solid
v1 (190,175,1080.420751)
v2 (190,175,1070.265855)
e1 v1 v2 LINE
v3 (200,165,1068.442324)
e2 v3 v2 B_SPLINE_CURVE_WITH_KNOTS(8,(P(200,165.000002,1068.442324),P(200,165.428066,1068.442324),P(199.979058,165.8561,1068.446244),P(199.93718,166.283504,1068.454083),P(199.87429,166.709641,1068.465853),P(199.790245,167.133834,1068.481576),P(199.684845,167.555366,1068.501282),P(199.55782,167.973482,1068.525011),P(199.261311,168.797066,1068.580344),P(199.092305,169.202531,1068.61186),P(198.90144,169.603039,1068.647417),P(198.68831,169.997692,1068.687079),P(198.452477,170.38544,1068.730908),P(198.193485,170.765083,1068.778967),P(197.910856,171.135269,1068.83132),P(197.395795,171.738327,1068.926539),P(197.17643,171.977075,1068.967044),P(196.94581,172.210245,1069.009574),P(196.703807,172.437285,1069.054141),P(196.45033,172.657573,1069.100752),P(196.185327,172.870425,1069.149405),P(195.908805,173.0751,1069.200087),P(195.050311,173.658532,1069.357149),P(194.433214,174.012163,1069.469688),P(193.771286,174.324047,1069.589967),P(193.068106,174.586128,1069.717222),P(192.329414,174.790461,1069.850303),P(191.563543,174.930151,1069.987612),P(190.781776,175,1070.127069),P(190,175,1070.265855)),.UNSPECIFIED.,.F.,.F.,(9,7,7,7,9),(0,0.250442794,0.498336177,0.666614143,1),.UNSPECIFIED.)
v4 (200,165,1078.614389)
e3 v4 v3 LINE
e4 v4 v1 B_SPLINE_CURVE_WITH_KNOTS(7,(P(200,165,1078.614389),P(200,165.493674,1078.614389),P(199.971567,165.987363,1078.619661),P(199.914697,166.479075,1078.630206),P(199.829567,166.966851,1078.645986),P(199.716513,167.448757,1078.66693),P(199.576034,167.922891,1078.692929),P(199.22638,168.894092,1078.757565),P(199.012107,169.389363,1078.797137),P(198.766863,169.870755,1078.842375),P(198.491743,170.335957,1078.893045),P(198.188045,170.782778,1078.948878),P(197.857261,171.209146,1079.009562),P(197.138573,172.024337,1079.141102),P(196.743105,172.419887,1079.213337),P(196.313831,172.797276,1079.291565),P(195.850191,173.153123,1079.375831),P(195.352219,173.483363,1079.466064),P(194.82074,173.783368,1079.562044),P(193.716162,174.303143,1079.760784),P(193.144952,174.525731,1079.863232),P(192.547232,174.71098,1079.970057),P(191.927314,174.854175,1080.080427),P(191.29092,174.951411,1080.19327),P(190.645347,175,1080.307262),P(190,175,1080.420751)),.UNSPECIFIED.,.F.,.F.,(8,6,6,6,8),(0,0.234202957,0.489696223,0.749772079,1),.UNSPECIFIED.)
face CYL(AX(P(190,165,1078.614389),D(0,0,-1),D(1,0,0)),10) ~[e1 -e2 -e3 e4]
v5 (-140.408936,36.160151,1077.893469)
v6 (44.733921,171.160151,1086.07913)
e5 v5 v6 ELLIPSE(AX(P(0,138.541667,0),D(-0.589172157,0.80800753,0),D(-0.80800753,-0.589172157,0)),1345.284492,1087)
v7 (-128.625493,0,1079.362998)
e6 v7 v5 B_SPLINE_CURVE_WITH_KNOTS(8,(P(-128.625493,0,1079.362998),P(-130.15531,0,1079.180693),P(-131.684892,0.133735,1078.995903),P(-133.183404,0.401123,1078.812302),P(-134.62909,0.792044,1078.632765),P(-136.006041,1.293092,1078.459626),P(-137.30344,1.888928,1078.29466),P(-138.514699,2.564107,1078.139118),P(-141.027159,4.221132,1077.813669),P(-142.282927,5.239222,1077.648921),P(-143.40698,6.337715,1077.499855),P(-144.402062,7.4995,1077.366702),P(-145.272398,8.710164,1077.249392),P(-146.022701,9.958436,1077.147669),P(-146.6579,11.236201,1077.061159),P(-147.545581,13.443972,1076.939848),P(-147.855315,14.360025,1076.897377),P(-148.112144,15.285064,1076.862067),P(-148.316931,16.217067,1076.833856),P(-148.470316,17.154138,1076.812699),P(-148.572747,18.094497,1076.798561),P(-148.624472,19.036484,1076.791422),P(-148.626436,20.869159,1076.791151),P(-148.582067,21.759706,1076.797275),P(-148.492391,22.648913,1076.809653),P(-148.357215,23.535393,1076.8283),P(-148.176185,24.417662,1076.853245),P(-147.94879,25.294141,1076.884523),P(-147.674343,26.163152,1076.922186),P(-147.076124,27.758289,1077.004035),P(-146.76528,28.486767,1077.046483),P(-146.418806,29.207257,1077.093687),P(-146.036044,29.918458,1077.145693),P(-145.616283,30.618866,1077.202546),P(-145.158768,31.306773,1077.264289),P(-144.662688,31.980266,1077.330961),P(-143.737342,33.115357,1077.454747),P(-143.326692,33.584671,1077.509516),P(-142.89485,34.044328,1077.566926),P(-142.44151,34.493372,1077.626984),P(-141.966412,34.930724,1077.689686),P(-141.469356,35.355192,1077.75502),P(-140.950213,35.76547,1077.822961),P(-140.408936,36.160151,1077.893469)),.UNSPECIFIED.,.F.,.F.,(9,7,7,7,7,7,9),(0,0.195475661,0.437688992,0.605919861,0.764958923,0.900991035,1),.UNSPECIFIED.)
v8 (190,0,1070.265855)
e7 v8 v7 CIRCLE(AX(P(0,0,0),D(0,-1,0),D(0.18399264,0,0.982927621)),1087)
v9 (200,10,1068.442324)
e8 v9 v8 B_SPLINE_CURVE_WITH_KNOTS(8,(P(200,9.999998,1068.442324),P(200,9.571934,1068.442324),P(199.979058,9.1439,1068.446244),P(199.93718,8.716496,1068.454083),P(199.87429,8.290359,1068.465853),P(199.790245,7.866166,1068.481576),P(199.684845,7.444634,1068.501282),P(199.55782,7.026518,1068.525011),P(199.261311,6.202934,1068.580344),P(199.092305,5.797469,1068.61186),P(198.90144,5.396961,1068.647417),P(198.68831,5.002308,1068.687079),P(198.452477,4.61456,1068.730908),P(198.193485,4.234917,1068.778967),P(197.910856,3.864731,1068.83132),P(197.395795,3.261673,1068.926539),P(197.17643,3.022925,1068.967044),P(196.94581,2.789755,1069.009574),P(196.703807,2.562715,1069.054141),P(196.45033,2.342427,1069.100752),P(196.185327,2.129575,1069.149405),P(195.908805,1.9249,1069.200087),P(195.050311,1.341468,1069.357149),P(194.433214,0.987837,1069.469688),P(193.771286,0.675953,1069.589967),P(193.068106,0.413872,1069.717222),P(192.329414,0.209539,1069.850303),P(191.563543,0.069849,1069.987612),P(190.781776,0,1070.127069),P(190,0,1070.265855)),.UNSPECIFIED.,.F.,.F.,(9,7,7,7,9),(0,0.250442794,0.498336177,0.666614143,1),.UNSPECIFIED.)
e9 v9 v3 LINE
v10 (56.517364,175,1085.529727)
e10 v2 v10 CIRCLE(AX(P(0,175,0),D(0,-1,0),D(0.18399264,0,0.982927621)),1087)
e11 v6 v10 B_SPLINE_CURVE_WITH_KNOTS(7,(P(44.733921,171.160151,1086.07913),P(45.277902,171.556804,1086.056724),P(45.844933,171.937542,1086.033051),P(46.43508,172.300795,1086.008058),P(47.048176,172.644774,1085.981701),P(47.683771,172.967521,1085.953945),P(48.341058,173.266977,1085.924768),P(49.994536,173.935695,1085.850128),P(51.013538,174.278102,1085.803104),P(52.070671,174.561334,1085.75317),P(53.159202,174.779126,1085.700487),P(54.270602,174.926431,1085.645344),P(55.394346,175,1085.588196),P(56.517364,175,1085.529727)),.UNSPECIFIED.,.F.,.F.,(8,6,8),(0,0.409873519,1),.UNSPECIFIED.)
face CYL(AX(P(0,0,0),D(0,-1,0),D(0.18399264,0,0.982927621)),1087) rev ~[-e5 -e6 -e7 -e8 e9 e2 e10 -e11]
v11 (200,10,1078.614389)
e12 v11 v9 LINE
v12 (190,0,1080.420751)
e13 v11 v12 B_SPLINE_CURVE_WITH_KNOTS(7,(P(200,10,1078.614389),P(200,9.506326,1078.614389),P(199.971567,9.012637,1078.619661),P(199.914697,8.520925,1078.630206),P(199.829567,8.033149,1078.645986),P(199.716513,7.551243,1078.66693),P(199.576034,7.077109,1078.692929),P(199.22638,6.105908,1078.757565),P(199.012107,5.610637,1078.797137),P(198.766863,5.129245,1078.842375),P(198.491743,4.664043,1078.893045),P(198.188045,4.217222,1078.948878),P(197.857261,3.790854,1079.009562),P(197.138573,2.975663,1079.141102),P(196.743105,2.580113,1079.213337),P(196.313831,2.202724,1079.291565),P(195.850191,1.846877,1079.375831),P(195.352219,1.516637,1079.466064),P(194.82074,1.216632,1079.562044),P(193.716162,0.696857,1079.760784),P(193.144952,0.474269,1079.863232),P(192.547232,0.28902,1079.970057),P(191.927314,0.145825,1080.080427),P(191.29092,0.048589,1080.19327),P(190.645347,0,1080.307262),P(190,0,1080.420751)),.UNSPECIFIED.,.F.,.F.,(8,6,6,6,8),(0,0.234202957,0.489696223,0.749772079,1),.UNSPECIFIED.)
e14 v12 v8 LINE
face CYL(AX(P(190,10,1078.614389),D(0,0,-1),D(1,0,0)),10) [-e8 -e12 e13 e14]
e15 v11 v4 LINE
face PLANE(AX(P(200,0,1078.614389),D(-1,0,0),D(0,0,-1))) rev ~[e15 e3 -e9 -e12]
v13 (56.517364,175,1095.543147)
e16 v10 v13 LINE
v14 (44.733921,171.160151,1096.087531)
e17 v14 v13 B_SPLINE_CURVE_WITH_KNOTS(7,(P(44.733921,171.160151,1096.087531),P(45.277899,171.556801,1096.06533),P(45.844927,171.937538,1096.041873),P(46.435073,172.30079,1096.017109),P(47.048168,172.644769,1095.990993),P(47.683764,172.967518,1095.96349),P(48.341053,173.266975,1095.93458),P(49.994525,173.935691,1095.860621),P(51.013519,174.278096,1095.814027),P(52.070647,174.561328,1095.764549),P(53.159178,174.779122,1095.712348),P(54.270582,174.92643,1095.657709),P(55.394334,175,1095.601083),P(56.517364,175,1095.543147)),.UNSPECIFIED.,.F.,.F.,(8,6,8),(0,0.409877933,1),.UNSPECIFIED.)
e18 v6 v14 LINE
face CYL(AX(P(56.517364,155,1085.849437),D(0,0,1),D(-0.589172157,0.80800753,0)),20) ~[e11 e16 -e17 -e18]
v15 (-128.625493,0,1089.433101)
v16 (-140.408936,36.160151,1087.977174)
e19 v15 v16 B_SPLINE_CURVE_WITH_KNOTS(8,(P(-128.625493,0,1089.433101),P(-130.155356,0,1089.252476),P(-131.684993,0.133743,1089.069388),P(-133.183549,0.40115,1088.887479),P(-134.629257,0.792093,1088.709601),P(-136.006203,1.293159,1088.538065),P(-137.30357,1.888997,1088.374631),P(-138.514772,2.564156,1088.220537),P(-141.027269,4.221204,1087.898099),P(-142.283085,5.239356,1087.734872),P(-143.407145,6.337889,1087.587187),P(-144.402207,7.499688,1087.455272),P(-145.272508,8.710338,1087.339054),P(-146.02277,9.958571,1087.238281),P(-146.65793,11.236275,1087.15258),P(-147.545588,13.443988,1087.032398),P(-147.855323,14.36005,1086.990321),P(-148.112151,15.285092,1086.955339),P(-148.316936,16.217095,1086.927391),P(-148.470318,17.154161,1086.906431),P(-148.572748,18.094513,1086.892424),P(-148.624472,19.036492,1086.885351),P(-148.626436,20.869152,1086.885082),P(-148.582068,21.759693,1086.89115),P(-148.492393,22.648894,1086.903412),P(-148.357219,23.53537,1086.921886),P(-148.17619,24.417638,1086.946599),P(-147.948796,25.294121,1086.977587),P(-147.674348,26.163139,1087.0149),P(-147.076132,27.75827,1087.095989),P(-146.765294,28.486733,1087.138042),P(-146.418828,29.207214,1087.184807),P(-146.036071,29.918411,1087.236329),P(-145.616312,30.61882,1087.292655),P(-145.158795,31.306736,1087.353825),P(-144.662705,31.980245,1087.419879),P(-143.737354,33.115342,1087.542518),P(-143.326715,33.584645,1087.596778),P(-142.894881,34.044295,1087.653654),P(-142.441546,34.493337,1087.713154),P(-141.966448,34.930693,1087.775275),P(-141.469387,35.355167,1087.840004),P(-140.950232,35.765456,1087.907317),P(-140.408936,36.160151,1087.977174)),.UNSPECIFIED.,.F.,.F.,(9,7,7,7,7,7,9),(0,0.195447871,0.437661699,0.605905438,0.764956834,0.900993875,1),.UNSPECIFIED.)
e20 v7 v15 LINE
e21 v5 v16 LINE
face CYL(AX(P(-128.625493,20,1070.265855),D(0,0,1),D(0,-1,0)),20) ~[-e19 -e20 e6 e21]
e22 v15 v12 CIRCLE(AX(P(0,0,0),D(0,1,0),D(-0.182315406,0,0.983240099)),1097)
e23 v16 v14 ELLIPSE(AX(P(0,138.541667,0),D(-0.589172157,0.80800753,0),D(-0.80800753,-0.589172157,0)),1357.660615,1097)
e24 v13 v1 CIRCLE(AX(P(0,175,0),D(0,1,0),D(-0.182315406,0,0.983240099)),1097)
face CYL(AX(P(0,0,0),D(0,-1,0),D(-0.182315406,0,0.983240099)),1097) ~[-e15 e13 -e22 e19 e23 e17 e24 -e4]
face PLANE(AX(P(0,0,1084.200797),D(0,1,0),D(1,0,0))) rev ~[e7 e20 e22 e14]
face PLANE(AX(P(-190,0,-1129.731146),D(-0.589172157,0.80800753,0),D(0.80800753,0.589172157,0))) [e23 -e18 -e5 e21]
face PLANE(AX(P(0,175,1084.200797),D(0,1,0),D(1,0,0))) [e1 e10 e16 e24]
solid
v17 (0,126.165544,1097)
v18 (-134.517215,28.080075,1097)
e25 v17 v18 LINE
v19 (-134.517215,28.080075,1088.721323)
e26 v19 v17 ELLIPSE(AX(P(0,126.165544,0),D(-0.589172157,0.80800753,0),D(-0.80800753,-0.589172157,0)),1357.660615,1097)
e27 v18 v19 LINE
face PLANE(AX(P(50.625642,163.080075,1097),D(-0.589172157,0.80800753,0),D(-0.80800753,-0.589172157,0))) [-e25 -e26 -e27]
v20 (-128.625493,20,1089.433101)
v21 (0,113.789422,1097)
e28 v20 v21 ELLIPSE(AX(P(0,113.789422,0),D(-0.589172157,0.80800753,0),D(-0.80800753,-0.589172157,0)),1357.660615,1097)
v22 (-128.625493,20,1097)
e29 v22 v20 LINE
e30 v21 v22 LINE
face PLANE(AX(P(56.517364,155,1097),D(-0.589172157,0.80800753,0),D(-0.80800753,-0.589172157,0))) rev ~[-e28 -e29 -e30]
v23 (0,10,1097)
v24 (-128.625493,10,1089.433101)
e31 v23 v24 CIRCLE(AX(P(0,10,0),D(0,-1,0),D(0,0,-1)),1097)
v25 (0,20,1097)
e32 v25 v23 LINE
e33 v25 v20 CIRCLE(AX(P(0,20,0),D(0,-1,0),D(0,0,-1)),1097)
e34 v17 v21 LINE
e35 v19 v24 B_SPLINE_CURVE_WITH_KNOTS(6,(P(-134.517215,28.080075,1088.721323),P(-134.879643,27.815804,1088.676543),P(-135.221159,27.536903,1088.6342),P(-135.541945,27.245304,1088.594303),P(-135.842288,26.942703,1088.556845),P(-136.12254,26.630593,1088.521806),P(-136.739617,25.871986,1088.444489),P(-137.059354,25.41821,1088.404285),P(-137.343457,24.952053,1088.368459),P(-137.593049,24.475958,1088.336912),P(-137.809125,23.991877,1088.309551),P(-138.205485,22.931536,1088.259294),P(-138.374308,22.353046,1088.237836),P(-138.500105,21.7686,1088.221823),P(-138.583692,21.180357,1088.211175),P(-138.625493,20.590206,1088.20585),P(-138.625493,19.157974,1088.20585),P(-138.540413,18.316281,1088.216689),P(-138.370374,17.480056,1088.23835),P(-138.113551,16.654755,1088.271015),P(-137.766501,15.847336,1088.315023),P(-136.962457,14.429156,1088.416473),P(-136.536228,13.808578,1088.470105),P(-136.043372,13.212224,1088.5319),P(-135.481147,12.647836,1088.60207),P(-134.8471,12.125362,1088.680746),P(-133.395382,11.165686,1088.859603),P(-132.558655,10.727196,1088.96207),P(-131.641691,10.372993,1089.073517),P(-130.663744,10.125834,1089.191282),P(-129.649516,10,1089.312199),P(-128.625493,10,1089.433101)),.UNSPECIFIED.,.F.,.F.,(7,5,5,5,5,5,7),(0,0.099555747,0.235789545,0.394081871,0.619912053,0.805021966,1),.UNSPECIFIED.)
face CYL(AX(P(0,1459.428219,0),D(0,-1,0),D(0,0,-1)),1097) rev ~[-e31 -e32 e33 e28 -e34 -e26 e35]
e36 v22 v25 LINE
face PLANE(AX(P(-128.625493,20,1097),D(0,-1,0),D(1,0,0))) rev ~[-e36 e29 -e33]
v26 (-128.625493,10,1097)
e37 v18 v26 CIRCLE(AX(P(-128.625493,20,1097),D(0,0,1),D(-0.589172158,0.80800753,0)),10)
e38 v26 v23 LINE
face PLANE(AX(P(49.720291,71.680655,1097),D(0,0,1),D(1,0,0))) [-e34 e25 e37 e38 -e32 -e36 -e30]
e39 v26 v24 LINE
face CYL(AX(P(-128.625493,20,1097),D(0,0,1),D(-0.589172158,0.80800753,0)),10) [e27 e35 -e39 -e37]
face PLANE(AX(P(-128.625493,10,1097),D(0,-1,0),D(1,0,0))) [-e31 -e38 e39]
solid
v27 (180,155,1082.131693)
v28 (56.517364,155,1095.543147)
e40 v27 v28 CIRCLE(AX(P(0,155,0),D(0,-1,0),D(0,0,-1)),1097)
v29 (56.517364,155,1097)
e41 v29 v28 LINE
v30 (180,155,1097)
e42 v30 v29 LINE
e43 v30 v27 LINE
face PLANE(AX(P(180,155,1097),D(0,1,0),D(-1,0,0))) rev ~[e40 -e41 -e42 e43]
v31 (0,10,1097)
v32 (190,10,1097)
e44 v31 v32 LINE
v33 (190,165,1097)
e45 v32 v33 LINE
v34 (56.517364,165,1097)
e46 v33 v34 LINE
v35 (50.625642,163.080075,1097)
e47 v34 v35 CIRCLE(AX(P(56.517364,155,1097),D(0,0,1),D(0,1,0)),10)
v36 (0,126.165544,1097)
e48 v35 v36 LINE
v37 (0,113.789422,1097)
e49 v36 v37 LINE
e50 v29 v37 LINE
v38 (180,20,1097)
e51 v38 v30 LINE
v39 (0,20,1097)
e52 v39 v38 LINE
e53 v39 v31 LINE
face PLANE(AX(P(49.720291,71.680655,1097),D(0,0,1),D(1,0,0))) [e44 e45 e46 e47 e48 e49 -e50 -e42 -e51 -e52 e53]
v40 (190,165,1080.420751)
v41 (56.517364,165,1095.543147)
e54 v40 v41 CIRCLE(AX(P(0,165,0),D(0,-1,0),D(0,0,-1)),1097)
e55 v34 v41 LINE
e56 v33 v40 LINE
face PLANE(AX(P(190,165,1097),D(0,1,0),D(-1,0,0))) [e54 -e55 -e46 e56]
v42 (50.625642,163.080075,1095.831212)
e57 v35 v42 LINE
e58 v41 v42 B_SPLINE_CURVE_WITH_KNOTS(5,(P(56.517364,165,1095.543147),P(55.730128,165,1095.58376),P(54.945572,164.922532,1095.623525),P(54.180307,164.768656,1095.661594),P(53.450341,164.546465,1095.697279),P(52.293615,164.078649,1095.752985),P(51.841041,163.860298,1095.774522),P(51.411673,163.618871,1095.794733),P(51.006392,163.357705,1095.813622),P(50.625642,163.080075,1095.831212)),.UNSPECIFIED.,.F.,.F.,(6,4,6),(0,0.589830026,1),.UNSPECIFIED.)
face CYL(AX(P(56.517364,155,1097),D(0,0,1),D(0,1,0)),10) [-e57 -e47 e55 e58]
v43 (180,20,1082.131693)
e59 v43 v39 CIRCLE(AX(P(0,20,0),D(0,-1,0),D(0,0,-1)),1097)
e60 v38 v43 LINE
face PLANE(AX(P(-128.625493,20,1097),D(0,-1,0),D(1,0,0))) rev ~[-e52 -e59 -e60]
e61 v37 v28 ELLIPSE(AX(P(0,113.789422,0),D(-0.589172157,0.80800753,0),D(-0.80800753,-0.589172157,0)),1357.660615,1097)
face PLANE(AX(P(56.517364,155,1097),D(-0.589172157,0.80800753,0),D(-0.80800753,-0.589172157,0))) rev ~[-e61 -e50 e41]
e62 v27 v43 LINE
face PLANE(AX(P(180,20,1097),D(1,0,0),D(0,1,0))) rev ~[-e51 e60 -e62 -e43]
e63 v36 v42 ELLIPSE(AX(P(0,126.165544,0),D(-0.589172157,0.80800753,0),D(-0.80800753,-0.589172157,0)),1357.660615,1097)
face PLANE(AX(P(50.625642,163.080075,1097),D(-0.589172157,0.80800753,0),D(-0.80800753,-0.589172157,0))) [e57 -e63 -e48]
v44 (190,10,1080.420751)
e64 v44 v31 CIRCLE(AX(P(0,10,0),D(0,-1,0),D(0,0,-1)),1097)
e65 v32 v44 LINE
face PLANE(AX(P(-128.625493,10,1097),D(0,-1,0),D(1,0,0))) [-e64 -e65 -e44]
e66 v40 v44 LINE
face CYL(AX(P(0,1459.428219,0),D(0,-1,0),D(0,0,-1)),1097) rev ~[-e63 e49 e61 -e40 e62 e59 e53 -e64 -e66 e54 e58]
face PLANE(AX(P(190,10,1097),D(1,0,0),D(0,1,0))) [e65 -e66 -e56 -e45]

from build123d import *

# Parameters (mm, degrees)
BOSS_EXTRUDE1_DEPTH      = 175
FILLET1_R                = 10
CUT_EXTRUDE3_DEPTH       = 1129.731146152
CUT_EXTRUDE3_DEPTH_BACK  = 1129.731146152
SKETCH4_OUTSIDE_W        = 489.508
SKETCH4_OUTSIDE_H        = 264.508
FILLET4_R                = 20
BOSS_EXTRUDE3_REACH      = 269.284
BOSS_EXTRUDE3_END_RADIUS = 1097


with BuildPart() as part:
    # Sketch1 → Boss-Extrude1 (new body)
    with BuildSketch(Plane(origin=(0, 0, 0), x_dir=(1, 0, 0), z_dir=(0, 1, 0))):
        with BuildLine():
            Line((-200, -1068.442324134), (-200, -1078.614388927))
            ThreePointArc((-200, -1078.614388927), (0, -1097), (200, -1078.614388927))
            Line((200, -1078.614388927), (200, -1068.442324134))
            ThreePointArc((200, -1068.442324134), (0, -1087), (-200, -1068.442324134))
        make_face()
    extrude(amount=BOSS_EXTRUDE1_DEPTH)

    # Fillet1
    fillet1_edges = [part.edges().sort_by_distance(p)[0] for p in [
        (200, 175, 1073.52835653),
        (200, 0, 1073.52835653),
        (-200, 0, 1073.52835653),
        (-200, 175, 1073.52835653),
    ]]
    fillet(fillet1_edges, radius=FILLET1_R)

    # Sketch4 outside → Cut-Extrude3 (cut, two sides: drawn at the far end of the back side and taken through both)
    with BuildSketch(Plane.XY.offset(-CUT_EXTRUDE3_DEPTH_BACK)):
        with Locations((0, 87.5)):
            Rectangle(SKETCH4_OUTSIDE_W, SKETCH4_OUTSIDE_H)
        Polygon((-190, 0), (50, 175), (200, 175), (200, 0), align=None, mode=Mode.SUBTRACT)
    extrude(amount=CUT_EXTRUDE3_DEPTH + CUT_EXTRUDE3_DEPTH_BACK, mode=Mode.SUBTRACT)

    # Fillet4
    fillet4_edges = [part.edges().sort_by_distance(p)[0] for p in [
        (-190, 0, 1075.343303099),
        (50, 175, 1090.854686691),
    ]]
    fillet(fillet4_edges, radius=FILLET4_R)


with BuildPart() as body_2:
    # Boss-Extrude3: up to this cylinder (the profile starts outside it)
    boss_extrude3_end = Plane(origin=(0, 92.644219, 0), z_dir=(0, -1, 0)) * Cylinder(BOSS_EXTRUDE3_END_RADIUS, 2733.568, mode=Mode.PRIVATE)
    # Sketch5 → Boss-Extrude3 (new, up to the surface)
    with BuildSketch(Plane.XY.offset(1097), mode=Mode.PRIVATE) as boss_extrude3_sk1:
        with BuildLine():
            Line((50.625642403, 163.080075302), (-134.51721474, 28.080075302))
            ThreePointArc((-134.51721474, 28.080075302), (-138.133404424, 16.901674083), (-128.625493165, 10))
            Line((-128.625493165, 10), (190, 10))
            Line((190, 10), (190, 165))
            Line((190, 165), (56.517363978, 165))
            ThreePointArc((56.517363978, 165), (53.419038061, 164.507911259), (50.625642403, 163.080075302))
        make_face()
        Polygon((56.517363978, 155), (-128.625493165, 20), (180, 20), (180, 155), align=None, mode=Mode.SUBTRACT)
    boss_extrude3_tool1 = extrude(boss_extrude3_sk1.sketch, amount=-BOSS_EXTRUDE3_REACH, mode=Mode.PRIVATE) - boss_extrude3_end
    add(boss_extrude3_tool1.solids().sort_by_distance((-39.805058, 92.644219, 1097))[0])
    add(boss_extrude3_tool1.solids().sort_by_distance((-39.805058, 92.644219, 1097))[1])


solid = Compound([part.part, body_2.part])
